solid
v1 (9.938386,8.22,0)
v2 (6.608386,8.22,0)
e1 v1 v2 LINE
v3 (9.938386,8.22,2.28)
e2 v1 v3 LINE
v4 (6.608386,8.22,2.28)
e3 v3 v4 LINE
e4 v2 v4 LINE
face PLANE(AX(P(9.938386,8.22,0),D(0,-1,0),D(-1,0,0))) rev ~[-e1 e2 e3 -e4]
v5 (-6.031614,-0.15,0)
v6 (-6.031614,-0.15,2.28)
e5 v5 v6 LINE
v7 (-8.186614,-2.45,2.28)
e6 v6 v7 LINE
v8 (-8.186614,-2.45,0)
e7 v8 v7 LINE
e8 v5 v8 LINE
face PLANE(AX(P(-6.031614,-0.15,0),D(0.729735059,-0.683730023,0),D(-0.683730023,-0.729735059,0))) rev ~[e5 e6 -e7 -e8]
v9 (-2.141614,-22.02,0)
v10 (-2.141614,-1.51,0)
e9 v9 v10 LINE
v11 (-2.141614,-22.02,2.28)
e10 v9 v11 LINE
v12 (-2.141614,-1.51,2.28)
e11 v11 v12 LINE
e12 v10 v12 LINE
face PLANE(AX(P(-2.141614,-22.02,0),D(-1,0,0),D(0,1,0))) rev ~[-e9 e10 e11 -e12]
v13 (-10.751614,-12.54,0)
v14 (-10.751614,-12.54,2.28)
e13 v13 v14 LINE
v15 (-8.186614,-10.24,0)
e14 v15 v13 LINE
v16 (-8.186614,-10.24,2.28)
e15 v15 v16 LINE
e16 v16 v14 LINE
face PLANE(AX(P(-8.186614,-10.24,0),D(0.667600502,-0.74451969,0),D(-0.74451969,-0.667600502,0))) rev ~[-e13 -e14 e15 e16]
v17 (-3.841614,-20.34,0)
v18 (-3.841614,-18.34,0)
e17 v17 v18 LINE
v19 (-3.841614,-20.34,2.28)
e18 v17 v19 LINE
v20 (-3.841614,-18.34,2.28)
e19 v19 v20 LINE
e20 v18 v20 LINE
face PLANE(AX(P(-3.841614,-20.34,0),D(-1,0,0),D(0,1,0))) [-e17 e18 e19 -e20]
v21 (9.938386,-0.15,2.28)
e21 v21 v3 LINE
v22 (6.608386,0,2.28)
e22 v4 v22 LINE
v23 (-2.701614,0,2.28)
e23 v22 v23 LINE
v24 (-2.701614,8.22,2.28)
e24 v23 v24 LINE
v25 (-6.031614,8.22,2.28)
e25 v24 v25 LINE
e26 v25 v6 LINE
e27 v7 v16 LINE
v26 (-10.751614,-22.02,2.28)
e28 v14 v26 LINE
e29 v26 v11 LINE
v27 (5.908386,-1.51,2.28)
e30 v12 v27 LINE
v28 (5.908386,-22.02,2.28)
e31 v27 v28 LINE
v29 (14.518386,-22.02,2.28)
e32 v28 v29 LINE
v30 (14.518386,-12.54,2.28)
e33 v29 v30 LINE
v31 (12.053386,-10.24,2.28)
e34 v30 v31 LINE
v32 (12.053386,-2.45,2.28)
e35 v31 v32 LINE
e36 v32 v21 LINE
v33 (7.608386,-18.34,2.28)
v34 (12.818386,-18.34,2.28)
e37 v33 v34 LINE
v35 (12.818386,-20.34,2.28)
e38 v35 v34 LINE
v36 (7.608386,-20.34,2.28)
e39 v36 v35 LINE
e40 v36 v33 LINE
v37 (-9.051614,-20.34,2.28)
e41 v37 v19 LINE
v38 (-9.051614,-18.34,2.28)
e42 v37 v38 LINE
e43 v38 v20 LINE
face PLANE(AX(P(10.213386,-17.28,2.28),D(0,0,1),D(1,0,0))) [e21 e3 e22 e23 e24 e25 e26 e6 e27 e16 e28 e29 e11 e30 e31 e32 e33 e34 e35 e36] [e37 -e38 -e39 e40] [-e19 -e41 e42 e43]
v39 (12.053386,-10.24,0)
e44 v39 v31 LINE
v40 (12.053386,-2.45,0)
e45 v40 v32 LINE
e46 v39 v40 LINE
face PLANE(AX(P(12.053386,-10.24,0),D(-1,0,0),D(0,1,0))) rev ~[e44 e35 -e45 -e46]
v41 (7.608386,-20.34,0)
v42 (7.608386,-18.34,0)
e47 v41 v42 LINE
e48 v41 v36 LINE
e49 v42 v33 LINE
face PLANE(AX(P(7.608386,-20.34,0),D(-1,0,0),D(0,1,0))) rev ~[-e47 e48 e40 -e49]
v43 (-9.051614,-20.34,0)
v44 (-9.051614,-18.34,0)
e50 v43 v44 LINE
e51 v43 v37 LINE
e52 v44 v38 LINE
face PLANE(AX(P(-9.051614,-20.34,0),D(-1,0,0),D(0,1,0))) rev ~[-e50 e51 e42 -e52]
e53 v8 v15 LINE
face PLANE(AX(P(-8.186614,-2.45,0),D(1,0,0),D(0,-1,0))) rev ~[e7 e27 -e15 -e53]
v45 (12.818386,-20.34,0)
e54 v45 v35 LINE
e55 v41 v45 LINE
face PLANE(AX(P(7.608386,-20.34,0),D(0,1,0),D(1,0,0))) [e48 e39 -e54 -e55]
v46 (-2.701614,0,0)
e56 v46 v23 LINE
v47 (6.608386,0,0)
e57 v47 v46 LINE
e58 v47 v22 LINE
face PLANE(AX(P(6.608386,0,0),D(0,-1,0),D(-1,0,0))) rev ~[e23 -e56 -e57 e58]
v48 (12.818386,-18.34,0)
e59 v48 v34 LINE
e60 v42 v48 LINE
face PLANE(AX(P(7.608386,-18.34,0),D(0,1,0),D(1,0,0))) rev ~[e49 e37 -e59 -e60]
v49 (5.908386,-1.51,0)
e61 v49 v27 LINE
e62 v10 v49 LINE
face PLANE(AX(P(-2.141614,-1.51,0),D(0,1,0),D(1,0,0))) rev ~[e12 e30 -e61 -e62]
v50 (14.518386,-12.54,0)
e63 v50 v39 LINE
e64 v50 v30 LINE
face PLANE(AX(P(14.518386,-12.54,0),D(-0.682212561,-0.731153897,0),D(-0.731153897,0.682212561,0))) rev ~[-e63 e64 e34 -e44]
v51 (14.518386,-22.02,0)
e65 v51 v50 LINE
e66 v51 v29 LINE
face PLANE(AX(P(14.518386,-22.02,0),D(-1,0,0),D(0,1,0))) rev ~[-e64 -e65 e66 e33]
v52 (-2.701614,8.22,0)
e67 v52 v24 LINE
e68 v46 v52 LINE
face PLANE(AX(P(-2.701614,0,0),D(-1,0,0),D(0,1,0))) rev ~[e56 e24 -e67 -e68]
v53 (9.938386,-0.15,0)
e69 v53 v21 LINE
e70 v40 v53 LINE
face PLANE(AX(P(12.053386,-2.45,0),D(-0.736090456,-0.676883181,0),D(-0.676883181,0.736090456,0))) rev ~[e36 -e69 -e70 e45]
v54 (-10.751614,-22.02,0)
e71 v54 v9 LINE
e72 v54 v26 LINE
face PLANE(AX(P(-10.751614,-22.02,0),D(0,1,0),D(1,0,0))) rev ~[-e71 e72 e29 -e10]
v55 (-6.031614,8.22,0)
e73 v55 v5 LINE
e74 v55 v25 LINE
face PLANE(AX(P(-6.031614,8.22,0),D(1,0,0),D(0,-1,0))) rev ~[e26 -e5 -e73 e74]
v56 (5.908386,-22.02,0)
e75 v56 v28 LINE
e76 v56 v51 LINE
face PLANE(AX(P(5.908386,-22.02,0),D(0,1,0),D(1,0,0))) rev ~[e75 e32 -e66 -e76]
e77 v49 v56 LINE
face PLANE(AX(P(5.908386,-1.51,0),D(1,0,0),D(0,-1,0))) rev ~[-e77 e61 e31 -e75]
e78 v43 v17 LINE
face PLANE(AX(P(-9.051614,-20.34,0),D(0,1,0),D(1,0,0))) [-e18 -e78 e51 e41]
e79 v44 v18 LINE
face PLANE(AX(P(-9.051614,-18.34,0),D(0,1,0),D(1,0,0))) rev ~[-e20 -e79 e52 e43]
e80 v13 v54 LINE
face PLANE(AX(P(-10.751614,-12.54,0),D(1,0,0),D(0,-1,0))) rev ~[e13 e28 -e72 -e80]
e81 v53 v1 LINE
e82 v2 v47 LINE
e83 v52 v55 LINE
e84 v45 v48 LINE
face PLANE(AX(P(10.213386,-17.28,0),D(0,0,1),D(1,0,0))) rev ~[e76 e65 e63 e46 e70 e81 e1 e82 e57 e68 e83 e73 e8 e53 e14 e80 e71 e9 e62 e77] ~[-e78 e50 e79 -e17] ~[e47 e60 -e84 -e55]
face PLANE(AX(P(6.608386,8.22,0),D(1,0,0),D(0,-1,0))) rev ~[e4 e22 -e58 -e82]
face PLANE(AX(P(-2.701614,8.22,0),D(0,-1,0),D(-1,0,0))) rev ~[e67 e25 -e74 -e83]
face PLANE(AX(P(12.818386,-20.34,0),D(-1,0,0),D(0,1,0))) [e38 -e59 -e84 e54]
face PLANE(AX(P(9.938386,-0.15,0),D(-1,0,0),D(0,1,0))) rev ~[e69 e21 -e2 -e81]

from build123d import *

# Parameters (mm, degrees)
F0_W     = 5.21
F0_H     = 2
F1_DEPTH = 2.28


with BuildPart() as f1:
    # F0 (on Top) → F1 (new body)
    with BuildSketch(Plane.XY):
        Polygon((12.053386, -12.54), (5.908386, -12.54), (5.908386, -22.02), (14.518386, -22.02), (14.518386, -12.54), align=None)
        with Locations((10.213386, -19.34)):
            Rectangle(F0_W, F0_H, mode=Mode.SUBTRACT)
        Polygon((-2.141614, -22.02), (-2.141614, -12.54), (-8.186614, -12.54), (-10.751614, -12.54), (-10.751614, -22.02), align=None)
        with Locations((-6.446614, -19.34)):
            Rectangle(F0_W, F0_H, mode=Mode.SUBTRACT)
        Polygon((-8.186614, -12.54), (-8.186614, -10.24), (-10.751614, -12.54), align=None)
        Polygon((-2.141614, -2.45), (-6.031614, -2.45), (-8.186614, -2.45), (-8.186614, -10.24), (-8.186614, -12.54), (-2.141614, -12.54), align=None)
        Polygon((-6.031614, -2.45), (-6.031614, -0.15), (-8.186614, -2.45), align=None)
        Polygon((6.608386, 0), (-2.701614, 0), (-2.701614, 8.22), (-6.031614, 8.22), (-6.031614, -0.15), (-6.031614, -2.45), (-2.141614, -2.45), (-2.141614, -1.51), (5.908386, -1.51), (5.908386, -2.45), (9.938386, -2.45), (9.938386, -0.15), (9.938386, 8.22), (6.608386, 8.22), align=None)
        Polygon((12.053386, -2.45), (9.938386, -2.45), (5.908386, -2.45), (5.908386, -12.54), (12.053386, -12.54), (12.053386, -10.24), align=None)
        Polygon((12.053386, -2.45), (9.938386, -0.15), (9.938386, -2.45), align=None)
        Polygon((14.518386, -12.54), (12.053386, -10.24), (12.053386, -12.54), align=None)
    extrude(amount=F1_DEPTH)


solid = f1.part
